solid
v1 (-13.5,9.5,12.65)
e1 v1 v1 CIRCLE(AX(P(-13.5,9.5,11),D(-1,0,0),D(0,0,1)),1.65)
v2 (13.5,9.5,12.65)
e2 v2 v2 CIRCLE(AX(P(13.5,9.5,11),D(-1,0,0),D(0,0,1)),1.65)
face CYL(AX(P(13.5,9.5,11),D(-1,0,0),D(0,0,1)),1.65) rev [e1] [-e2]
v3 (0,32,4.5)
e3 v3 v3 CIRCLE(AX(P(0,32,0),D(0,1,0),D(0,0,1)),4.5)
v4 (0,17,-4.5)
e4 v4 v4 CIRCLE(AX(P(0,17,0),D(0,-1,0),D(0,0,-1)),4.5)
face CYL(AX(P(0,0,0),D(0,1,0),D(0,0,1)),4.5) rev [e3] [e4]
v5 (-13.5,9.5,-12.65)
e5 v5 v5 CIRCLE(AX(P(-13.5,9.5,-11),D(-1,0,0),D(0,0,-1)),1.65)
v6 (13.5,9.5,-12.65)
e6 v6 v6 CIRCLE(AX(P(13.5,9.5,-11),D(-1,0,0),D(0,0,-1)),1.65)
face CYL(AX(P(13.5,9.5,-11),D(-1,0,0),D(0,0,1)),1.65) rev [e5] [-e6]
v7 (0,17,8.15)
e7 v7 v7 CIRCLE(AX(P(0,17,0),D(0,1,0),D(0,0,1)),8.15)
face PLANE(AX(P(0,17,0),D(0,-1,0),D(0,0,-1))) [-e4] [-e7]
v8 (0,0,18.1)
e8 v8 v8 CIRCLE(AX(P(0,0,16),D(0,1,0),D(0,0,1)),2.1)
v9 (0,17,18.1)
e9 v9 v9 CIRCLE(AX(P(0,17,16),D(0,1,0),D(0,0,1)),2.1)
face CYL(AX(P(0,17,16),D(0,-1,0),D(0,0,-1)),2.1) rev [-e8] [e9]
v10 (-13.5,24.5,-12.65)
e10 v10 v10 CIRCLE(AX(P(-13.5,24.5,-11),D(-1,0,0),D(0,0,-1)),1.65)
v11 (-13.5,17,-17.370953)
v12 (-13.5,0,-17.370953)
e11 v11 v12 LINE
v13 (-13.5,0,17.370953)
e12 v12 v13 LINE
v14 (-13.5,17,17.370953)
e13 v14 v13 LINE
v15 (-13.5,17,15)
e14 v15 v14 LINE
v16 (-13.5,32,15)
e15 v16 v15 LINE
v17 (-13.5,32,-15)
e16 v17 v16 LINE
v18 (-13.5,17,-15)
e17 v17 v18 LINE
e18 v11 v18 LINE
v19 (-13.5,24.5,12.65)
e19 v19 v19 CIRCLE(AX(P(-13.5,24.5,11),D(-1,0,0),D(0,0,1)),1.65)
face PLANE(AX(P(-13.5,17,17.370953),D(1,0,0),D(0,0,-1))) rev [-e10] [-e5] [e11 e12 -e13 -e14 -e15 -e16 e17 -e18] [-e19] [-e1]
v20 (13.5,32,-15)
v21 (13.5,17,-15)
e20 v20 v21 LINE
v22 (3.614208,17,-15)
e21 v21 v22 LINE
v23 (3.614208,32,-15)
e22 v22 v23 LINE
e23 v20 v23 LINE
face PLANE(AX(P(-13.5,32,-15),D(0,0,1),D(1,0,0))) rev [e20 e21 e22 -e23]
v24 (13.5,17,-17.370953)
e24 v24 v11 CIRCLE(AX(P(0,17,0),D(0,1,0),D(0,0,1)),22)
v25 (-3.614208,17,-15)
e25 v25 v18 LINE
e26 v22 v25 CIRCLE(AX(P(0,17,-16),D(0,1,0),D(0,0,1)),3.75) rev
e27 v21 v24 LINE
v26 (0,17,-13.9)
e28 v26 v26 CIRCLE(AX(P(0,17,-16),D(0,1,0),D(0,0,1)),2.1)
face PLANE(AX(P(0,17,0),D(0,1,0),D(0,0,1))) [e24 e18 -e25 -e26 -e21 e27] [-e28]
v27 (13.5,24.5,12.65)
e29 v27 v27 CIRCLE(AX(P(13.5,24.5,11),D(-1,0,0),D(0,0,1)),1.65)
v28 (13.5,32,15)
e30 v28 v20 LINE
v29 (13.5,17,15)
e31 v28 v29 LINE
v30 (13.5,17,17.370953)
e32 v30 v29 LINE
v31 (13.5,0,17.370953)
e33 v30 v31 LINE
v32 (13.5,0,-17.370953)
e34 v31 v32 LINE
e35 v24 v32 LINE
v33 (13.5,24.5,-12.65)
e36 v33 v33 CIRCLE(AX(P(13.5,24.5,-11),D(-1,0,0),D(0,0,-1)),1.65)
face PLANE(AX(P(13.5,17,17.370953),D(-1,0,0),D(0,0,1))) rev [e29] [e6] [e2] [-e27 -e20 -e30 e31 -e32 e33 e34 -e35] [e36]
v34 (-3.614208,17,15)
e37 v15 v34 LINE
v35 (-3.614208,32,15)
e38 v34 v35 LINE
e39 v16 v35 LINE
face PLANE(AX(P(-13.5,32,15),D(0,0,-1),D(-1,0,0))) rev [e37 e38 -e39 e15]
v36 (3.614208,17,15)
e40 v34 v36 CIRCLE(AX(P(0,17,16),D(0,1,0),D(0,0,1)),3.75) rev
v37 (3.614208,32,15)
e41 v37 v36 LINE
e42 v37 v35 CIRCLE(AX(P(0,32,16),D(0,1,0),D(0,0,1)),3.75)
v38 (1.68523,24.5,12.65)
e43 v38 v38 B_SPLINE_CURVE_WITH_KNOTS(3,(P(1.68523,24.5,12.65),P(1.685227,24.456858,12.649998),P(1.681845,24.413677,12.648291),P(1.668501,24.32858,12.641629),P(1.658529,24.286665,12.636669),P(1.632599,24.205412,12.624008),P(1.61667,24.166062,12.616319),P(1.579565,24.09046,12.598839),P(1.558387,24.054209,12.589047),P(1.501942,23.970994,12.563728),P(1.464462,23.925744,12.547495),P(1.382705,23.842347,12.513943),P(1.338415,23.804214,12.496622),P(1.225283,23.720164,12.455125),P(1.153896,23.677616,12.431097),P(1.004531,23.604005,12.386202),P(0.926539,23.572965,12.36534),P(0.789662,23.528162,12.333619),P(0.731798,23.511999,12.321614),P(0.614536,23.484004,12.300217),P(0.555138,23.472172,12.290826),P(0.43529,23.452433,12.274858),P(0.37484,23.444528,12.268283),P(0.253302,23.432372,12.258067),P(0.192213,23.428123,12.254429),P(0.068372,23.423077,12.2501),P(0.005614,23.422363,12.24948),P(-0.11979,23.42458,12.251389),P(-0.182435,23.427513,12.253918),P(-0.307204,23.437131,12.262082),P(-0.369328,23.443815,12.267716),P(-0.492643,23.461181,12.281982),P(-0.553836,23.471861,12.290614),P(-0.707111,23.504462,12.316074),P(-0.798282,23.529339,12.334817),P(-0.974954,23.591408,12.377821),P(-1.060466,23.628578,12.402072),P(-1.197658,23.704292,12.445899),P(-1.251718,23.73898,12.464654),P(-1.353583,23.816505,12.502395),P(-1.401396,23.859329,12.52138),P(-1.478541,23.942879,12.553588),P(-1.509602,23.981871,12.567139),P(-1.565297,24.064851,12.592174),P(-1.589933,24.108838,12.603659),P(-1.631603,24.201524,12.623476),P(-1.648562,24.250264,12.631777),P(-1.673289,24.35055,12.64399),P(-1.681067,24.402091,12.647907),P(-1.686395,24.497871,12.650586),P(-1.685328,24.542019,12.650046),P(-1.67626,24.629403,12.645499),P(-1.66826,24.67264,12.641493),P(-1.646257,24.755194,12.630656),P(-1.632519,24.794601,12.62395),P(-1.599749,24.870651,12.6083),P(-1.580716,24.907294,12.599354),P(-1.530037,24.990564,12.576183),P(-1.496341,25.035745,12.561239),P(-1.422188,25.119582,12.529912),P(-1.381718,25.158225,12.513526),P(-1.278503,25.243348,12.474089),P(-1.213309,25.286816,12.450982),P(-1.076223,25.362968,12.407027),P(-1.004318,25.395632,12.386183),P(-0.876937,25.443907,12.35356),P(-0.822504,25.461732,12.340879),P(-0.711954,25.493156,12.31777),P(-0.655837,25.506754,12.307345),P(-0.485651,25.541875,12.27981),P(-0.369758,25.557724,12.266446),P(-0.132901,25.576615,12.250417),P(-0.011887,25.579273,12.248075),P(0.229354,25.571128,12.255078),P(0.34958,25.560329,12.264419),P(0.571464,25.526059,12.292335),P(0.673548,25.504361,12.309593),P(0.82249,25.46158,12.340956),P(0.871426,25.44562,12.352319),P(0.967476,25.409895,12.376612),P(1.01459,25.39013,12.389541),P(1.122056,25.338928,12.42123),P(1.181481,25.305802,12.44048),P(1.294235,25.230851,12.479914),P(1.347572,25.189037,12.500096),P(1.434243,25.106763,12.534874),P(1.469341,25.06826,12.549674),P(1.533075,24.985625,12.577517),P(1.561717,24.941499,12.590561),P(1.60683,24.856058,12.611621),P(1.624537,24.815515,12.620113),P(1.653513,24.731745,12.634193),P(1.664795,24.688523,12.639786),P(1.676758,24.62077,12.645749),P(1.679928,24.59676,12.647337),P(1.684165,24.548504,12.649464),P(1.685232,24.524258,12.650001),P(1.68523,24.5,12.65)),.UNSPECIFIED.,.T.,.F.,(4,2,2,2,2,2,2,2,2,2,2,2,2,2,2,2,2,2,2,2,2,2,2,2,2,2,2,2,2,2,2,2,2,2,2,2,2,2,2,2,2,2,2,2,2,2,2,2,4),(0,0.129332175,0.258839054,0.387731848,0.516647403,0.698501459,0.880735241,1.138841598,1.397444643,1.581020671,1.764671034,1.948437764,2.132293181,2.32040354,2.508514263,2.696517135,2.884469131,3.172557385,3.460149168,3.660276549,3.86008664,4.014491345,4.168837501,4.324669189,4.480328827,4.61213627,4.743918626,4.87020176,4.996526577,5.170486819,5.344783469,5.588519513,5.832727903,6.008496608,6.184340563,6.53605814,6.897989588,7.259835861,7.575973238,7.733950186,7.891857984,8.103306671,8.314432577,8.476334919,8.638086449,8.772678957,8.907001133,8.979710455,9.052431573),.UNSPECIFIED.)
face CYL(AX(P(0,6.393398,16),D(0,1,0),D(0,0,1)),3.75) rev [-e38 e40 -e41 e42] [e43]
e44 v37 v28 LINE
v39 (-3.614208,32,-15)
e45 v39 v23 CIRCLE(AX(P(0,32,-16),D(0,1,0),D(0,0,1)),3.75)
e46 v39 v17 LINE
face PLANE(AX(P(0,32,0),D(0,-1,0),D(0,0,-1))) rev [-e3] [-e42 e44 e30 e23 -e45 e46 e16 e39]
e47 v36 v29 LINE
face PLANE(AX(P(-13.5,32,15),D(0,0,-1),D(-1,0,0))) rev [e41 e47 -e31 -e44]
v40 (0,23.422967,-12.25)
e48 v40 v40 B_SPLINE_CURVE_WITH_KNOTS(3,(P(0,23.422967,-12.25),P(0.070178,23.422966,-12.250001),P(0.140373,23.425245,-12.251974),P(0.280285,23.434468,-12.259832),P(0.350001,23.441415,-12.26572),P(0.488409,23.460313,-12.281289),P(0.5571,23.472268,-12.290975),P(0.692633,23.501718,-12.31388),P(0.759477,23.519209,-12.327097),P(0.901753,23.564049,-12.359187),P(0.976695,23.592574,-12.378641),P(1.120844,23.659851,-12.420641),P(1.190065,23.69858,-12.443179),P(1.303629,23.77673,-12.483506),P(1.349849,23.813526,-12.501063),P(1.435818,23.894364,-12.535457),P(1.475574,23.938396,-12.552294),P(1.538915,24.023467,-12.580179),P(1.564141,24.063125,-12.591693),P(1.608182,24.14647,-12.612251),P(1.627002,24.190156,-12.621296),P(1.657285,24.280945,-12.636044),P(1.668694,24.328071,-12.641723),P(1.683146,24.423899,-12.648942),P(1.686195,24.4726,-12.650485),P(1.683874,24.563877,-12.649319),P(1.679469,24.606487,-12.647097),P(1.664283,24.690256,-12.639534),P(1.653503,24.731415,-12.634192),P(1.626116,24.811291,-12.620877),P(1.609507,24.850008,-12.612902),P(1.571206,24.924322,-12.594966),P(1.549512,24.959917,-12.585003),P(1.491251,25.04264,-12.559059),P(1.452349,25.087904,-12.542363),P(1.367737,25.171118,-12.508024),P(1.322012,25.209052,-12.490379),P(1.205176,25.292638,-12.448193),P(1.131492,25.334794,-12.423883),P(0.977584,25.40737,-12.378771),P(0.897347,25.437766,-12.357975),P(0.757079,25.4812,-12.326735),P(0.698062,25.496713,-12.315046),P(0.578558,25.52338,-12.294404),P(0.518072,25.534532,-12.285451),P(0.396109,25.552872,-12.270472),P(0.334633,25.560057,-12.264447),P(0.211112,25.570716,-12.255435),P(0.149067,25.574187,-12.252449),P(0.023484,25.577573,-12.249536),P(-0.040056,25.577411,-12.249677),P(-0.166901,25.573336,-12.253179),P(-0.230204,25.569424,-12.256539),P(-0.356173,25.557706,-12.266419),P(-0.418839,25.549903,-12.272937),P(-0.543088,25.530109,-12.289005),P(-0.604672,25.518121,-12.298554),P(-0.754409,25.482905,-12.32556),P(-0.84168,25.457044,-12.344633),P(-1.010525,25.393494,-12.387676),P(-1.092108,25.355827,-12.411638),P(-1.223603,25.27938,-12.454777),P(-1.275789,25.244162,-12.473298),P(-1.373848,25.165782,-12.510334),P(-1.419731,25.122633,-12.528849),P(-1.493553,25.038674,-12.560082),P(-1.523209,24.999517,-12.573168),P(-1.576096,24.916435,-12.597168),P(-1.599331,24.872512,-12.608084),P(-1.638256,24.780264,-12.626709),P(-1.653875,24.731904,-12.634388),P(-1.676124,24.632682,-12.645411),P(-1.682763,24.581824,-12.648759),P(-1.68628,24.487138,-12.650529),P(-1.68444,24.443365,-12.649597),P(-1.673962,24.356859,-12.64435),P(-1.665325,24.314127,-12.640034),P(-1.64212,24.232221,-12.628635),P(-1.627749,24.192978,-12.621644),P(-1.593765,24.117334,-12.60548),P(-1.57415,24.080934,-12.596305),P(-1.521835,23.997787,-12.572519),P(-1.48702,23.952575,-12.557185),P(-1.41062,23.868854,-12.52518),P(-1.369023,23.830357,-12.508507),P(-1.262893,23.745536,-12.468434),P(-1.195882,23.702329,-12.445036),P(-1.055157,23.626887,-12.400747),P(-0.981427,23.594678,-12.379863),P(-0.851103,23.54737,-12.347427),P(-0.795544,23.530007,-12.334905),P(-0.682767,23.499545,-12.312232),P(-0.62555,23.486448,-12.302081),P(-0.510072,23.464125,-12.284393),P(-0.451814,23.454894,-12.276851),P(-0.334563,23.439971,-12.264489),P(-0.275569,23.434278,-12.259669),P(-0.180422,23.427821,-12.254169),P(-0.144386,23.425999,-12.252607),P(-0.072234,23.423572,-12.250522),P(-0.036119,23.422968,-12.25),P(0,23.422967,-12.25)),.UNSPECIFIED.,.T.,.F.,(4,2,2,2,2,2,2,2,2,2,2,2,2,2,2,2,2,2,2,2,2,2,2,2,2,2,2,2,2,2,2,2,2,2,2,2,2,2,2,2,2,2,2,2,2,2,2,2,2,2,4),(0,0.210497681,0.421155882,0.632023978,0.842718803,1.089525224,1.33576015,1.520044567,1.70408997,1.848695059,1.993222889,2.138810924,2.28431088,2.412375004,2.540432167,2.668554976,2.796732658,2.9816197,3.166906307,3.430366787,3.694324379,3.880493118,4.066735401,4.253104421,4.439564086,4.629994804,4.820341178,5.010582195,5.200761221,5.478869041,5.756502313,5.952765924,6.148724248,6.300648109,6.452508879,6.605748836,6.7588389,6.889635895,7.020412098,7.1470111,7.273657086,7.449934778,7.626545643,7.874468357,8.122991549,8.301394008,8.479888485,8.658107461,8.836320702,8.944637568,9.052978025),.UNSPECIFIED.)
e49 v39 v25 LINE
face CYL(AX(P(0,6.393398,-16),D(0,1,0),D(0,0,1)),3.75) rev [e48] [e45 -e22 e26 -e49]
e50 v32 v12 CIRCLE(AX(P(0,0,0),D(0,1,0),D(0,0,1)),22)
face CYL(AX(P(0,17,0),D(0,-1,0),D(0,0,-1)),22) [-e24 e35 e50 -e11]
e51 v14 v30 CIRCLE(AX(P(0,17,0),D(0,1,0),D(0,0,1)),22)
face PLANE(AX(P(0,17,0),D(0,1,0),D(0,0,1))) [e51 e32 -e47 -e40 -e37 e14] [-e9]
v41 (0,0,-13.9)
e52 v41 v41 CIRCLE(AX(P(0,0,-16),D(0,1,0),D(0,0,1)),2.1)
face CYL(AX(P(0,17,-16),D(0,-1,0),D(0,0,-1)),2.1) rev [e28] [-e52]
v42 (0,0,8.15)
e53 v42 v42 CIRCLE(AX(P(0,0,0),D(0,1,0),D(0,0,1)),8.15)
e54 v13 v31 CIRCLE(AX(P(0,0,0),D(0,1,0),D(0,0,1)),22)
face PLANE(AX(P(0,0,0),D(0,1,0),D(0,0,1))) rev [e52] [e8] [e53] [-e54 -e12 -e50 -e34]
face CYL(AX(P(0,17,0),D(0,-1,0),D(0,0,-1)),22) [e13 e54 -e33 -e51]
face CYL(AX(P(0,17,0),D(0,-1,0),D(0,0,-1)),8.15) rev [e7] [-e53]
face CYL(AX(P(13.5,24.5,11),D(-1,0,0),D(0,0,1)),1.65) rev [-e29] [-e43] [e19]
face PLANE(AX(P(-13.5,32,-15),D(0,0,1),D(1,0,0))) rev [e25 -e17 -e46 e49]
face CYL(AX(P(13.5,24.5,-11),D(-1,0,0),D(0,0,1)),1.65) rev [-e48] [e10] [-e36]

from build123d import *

# Parameters (mm, degrees)
SKETCH_1_R          = 2.1
SKETCH_1_R_2        = 8.15
EXTRUDE_1_DEPTH     = 17
SKETCH_2_W          = 27
SKETCH_2_H          = 30
EXTRUDE_2_DEPTH     = 15
SKETCH_3_R          = 3.75
CUT_EXTRUDE_2_DEPTH = 15
SKETCH_4_R          = 1.65
CUT_EXTRUDE_3_DEPTH = 48.296934362
SKETCH_5_R          = 4.5
CUT_EXTRUDE_4_DEPTH = 42.112650154


with BuildPart() as part:
    # 草图1 → 凸台-拉伸1 (new body)
    with BuildSketch(Plane(origin=(0, 0, 0), x_dir=(1, 0, 0), z_dir=(0, 1, 0))):
        with BuildLine():
            Line((-13.5, -17.370952766), (-13.5, 17.370952766))
            ThreePointArc((-13.5, 17.370952766), (0, 22), (13.5, 17.370952766))
            Line((13.5, 17.370952766), (13.5, -17.370952766))
            ThreePointArc((13.5, -17.370952766), (0, -22), (-13.5, -17.370952766))
        make_face()
        with Locations(Location((0, 16, 0), (0, 0, 270))):
            Circle(SKETCH_1_R, mode=Mode.SUBTRACT)
        with Locations(Location((0, -16, 0), (0, 0, 270))):
            Circle(SKETCH_1_R, mode=Mode.SUBTRACT)
        with Locations(Location((0, 0, 0), (0, 0, 270))):
            Circle(SKETCH_1_R_2, mode=Mode.SUBTRACT)
    extrude(amount=EXTRUDE_1_DEPTH)

    # 草图2 → 凸台-拉伸2 (add)
    with BuildSketch(Plane(origin=(0, 17, 0), x_dir=(1, 0, 0), z_dir=(0, 1, 0))):
        Rectangle(SKETCH_2_W, SKETCH_2_H)
    extrude(amount=EXTRUDE_2_DEPTH)

    # 草图3 → 切除-拉伸2 (cut)
    with BuildSketch(Plane(origin=(0, 32, 0), x_dir=(1, 0, 0), z_dir=(0, 1, 0))):
        with Locations((0, 16)):
            Circle(SKETCH_3_R)
        with Locations((0, -16)):
            Circle(SKETCH_3_R)
    extrude(amount=-CUT_EXTRUDE_2_DEPTH, mode=Mode.SUBTRACT)

    # 草图4 → 切除-拉伸3 (cut, through all)
    with BuildSketch(Plane.ZY.offset(13.5)):
        with Locations((11, 24.5)):
            Circle(SKETCH_4_R)
        with Locations(Location((-11, 24.5, 0), (0, 0, 180))):
            Circle(SKETCH_4_R)
        with Locations((11, 9.5)):
            Circle(SKETCH_4_R)
        with Locations(Location((-11, 9.5, 0), (0, 0, 180))):
            Circle(SKETCH_4_R)
    extrude(amount=-CUT_EXTRUDE_3_DEPTH, mode=Mode.SUBTRACT)

    # 草图5 → 切除-拉伸4 (cut, through all)
    with BuildSketch(Plane(origin=(0, 32, 0), x_dir=(1, 0, 0), z_dir=(0, 1, 0))):
        with Locations(Location((0, 0, 0), (0, 0, 270))):
            Circle(SKETCH_5_R)
    extrude(amount=-CUT_EXTRUDE_4_DEPTH, mode=Mode.SUBTRACT)


solid = part.part
